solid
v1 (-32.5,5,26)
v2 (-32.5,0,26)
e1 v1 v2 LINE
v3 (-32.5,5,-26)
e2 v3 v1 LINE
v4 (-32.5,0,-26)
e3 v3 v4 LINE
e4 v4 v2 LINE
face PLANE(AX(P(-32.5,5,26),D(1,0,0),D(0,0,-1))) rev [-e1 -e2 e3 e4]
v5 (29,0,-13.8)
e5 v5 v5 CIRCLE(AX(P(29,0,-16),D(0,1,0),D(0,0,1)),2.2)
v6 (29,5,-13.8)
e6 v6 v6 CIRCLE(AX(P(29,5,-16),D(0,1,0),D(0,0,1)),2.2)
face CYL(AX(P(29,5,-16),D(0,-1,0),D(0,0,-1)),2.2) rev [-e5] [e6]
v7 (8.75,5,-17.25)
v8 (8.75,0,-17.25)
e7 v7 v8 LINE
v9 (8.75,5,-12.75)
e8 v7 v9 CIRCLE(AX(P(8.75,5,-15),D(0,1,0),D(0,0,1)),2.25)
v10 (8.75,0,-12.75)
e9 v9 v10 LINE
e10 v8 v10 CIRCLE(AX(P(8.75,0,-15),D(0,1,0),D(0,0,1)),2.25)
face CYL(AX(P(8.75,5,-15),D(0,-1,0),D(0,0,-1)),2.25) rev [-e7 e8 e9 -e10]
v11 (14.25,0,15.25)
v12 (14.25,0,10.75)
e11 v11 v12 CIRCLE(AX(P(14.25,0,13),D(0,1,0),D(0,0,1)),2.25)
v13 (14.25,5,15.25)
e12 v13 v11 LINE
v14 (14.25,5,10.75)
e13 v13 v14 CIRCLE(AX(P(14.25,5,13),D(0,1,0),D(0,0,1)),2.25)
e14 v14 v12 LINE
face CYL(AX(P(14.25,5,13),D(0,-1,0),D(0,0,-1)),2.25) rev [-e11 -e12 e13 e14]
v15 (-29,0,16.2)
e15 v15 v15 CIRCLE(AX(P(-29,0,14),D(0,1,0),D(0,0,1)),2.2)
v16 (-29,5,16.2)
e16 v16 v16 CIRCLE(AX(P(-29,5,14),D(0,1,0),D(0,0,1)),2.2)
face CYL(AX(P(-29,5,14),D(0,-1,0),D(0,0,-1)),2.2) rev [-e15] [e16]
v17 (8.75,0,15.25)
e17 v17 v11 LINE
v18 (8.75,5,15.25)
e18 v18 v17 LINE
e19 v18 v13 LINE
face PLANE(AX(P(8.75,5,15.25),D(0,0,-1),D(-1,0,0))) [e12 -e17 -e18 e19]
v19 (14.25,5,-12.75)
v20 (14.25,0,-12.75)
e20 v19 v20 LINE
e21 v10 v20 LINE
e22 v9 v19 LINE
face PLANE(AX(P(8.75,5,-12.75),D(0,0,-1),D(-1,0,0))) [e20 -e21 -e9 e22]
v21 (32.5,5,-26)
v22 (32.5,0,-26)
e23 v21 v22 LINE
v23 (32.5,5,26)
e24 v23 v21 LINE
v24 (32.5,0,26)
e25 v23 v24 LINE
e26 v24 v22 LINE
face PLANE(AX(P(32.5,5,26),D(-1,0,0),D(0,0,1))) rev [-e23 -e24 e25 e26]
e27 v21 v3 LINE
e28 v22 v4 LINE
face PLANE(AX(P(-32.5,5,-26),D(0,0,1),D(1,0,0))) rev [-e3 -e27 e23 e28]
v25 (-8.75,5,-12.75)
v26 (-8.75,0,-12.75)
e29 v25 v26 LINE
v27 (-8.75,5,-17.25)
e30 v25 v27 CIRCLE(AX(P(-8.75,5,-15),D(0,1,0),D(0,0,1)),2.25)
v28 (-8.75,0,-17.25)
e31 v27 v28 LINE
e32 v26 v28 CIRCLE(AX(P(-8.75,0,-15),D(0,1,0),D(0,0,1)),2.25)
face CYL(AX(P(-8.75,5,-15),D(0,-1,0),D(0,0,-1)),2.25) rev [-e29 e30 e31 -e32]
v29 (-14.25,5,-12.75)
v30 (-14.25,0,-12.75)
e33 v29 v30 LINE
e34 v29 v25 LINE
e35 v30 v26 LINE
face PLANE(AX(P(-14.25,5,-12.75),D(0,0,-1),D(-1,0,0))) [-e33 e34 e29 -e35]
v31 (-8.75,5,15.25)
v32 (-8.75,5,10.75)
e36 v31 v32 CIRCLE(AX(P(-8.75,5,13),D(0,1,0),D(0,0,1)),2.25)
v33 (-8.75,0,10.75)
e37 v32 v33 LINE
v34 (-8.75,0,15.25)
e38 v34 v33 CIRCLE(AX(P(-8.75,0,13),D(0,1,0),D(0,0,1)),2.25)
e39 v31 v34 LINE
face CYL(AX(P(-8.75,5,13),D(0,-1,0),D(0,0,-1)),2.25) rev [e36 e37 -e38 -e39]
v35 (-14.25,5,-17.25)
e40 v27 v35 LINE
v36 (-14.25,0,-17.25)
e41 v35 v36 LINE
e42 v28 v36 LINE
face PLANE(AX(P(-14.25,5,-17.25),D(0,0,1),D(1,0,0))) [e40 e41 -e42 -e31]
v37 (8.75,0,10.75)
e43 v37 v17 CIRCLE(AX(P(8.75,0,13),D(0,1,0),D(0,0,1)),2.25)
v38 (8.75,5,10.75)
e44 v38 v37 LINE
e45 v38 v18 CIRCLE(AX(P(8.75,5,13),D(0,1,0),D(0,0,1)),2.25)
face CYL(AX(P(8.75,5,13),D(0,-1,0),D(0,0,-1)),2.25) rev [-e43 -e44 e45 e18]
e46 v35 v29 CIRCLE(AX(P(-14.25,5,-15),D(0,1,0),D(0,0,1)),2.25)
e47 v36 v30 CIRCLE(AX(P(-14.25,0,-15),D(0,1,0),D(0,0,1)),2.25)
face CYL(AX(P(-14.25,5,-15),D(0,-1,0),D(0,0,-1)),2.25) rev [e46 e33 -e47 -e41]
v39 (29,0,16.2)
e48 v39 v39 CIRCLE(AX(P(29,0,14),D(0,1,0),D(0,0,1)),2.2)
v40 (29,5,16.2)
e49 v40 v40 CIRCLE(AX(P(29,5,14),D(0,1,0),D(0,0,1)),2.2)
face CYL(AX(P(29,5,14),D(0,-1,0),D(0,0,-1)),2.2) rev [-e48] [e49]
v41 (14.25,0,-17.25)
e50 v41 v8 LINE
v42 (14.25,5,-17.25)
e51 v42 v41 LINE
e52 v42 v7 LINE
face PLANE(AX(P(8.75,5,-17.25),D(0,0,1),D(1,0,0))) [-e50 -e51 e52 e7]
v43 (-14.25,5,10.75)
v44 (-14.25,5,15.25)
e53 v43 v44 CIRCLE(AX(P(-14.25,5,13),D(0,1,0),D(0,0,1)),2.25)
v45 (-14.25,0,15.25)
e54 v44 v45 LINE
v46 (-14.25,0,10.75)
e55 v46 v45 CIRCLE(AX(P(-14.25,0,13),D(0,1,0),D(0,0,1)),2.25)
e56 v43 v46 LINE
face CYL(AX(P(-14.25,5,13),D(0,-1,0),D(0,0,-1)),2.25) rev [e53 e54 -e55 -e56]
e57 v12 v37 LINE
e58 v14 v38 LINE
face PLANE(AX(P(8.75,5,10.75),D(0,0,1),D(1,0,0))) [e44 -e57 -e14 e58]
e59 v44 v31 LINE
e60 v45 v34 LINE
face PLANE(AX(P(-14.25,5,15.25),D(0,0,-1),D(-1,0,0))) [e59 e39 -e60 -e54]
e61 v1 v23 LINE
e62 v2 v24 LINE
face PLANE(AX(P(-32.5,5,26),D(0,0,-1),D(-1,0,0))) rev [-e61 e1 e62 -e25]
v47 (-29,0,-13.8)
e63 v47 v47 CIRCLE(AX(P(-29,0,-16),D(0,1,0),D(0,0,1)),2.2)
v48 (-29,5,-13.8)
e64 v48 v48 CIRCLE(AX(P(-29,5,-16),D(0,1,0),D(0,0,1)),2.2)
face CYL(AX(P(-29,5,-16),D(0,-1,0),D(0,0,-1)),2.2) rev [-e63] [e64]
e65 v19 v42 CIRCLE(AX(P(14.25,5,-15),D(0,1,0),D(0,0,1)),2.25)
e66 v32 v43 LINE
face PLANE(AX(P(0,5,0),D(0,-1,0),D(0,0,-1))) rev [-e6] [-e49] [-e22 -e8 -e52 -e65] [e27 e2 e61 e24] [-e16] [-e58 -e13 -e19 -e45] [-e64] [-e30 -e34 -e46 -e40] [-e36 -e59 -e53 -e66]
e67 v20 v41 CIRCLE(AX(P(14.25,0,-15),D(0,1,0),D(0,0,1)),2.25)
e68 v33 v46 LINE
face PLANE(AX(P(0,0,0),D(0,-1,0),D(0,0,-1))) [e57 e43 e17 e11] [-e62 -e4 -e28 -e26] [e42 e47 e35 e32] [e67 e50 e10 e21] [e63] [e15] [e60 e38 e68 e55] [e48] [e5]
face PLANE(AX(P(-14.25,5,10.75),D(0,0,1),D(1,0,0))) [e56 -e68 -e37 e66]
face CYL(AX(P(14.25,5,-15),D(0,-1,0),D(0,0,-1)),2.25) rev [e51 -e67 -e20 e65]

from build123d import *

# Parameters (mm, degrees)
SKIZZE1_W                       = 65
SKIZZE1_H                       = 52
SKIZZE1_R                       = 2.2
AUFSATZ_LINEAR_AUSTRAGEN1_DEPTH = 5


with BuildPart() as part:
    # Skizze1 → Aufsatz-Linear austragen1 (new body)
    with BuildSketch(Plane(origin=(0, 0, 0), x_dir=(1, 0, 0), z_dir=(0, 1, 0))):
        Rectangle(SKIZZE1_W, SKIZZE1_H)
        with Locations(Location((-29, 16, 0), (0, 0, 270))):
            Circle(SKIZZE1_R, mode=Mode.SUBTRACT)
        with Locations(Location((-29, -14, 0), (0, 0, 270))):
            Circle(SKIZZE1_R, mode=Mode.SUBTRACT)
        with Locations(Location((29, -14, 0), (0, 0, 270))):
            Circle(SKIZZE1_R, mode=Mode.SUBTRACT)
        with Locations(Location((29, 16, 0), (0, 0, 270))):
            Circle(SKIZZE1_R, mode=Mode.SUBTRACT)
        with BuildLine():
            Line((-14.25, 17.25), (-8.75, 17.25))
            ThreePointArc((-8.75, 17.25), (-6.5, 15), (-8.75, 12.75))
            Line((-8.75, 12.75), (-14.25, 12.75))
            ThreePointArc((-14.25, 12.75), (-16.5, 15), (-14.25, 17.25))
        make_face(mode=Mode.SUBTRACT)
        with BuildLine():
            Line((8.75, 17.25), (14.25, 17.25))
            ThreePointArc((14.25, 17.25), (16.5, 15), (14.25, 12.75))
            Line((14.25, 12.75), (8.75, 12.75))
            ThreePointArc((8.75, 12.75), (6.5, 15), (8.75, 17.25))
        make_face(mode=Mode.SUBTRACT)
        with BuildLine():
            Line((-14.25, -10.75), (-8.75, -10.75))
            ThreePointArc((-8.75, -10.75), (-6.5, -13), (-8.75, -15.25))
            Line((-8.75, -15.25), (-14.25, -15.25))
            ThreePointArc((-14.25, -15.25), (-16.5, -13), (-14.25, -10.75))
        make_face(mode=Mode.SUBTRACT)
        with BuildLine():
            Line((8.75, -10.75), (14.25, -10.75))
            ThreePointArc((14.25, -10.75), (16.5, -13), (14.25, -15.25))
            Line((14.25, -15.25), (8.75, -15.25))
            ThreePointArc((8.75, -15.25), (6.5, -13), (8.75, -10.75))
        make_face(mode=Mode.SUBTRACT)
    extrude(amount=AUFSATZ_LINEAR_AUSTRAGEN1_DEPTH)


solid = part.part
